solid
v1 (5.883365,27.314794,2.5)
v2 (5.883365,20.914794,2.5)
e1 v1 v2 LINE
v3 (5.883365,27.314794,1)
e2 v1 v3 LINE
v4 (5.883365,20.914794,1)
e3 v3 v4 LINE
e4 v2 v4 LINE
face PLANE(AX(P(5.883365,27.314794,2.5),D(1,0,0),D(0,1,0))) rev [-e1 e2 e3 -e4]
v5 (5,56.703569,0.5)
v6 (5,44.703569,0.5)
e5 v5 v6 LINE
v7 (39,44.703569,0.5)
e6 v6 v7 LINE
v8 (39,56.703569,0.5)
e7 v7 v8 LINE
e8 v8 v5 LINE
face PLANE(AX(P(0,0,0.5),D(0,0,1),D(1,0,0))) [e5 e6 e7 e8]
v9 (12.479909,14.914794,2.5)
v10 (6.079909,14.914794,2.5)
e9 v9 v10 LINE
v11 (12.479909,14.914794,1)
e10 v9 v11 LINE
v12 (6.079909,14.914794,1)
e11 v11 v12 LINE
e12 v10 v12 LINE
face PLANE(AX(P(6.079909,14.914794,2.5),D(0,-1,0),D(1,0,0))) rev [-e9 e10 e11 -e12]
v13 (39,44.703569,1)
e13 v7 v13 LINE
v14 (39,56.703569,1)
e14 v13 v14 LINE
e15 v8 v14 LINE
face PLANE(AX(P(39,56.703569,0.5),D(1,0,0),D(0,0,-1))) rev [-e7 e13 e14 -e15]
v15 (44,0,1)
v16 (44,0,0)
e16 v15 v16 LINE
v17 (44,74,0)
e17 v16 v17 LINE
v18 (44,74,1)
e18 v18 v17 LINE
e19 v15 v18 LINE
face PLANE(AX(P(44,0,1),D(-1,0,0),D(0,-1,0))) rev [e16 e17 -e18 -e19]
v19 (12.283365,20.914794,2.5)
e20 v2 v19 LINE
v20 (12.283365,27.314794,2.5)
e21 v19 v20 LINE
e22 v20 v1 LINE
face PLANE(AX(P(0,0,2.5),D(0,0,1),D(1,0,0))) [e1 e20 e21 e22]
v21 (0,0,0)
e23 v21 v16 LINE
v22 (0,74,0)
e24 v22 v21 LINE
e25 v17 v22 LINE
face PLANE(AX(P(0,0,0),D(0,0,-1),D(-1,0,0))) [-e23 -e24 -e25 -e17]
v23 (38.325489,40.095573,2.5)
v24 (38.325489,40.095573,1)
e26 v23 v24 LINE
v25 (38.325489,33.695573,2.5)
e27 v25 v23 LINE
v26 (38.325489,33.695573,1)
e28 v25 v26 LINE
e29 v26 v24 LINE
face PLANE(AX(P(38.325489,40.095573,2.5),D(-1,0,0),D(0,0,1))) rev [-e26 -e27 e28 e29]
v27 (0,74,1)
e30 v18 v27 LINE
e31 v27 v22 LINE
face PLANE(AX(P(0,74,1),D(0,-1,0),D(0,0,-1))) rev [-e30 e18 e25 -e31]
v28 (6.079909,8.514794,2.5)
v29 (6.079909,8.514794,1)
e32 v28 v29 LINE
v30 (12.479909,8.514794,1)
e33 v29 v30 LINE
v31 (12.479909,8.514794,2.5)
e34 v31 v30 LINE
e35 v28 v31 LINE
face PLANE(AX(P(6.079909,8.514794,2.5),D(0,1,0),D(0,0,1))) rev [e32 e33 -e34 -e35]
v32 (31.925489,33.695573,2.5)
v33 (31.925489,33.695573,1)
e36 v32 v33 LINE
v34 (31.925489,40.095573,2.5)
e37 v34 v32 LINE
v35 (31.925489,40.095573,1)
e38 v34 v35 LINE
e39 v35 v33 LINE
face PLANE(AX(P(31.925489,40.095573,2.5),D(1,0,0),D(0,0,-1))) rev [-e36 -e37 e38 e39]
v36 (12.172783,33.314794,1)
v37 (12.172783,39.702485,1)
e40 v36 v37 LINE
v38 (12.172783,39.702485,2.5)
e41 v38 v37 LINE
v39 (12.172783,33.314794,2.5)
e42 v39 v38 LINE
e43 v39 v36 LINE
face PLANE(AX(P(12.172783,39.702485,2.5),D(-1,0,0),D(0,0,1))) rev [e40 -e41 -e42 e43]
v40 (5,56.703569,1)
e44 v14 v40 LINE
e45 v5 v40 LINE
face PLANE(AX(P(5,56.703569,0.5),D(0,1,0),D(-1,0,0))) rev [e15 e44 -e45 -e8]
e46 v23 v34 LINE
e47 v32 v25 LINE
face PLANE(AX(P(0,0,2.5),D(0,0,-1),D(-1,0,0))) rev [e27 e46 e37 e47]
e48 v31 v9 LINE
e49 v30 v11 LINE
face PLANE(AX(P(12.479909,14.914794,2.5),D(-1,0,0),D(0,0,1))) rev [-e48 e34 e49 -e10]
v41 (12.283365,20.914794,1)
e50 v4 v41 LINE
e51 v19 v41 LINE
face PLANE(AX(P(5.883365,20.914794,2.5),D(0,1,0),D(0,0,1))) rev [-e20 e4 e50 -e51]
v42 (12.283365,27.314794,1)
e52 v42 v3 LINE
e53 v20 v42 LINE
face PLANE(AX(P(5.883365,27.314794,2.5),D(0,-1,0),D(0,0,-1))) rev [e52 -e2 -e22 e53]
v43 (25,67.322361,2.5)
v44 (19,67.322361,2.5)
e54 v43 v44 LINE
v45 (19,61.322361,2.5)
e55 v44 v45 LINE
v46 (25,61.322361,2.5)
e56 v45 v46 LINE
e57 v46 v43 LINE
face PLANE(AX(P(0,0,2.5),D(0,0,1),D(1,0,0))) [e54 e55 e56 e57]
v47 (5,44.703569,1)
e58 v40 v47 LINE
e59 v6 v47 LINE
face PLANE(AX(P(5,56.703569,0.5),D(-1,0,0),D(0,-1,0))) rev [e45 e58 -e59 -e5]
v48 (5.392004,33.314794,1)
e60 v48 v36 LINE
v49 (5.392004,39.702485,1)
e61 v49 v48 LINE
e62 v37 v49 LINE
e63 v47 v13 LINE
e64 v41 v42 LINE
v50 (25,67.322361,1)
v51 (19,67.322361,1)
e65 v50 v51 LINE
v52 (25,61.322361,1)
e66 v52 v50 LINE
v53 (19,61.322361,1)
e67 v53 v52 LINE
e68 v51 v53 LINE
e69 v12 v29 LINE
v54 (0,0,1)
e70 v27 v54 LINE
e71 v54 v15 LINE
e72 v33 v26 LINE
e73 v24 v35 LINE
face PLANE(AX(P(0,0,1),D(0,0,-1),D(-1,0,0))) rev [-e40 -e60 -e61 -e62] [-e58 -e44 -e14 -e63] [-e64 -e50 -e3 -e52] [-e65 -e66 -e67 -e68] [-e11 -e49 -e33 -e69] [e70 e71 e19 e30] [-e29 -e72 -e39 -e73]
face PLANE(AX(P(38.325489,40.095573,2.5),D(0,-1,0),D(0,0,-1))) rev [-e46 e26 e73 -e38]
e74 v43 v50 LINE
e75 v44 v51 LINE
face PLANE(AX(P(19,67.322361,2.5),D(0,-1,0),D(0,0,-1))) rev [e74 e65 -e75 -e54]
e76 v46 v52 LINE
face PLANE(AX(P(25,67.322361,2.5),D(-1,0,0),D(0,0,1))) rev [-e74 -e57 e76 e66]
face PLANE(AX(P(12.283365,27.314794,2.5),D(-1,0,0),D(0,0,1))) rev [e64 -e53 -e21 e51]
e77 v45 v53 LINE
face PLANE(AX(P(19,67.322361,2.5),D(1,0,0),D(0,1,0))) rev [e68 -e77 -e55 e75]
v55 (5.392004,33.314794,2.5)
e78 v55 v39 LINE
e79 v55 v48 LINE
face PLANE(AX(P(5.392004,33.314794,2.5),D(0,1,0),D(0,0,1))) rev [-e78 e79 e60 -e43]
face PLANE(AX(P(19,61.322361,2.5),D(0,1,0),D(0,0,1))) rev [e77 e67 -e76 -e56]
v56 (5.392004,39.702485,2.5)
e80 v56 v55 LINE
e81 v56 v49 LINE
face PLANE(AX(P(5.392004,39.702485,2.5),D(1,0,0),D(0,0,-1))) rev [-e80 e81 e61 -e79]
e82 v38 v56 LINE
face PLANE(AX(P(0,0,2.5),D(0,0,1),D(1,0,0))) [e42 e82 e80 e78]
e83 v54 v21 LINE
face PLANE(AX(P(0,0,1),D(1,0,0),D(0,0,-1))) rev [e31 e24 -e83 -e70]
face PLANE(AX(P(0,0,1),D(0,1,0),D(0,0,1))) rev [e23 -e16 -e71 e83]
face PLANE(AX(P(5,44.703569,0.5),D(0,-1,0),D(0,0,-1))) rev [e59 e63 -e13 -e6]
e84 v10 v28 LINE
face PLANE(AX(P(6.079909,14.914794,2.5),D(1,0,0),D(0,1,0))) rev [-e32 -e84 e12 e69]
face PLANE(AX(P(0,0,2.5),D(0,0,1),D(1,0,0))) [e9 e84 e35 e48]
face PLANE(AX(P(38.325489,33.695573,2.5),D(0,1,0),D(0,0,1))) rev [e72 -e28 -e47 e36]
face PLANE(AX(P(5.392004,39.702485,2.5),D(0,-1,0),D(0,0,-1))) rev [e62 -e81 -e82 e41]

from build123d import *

# Parameters (mm, degrees)
SKETCH1_W           = 44
SKETCH1_H           = 74
BOSS_EXTRUDE1_DEPTH = 1
SKETCH2_W           = 34
SKETCH2_H           = 12
CUT_EXTRUDE1_DEPTH  = 0.5
SKETCH3_W           = 6
SKETCH3_H           = 6
BOSS_EXTRUDE2_DEPTH = 1.5
SKETCH5_W           = 6.780779409
SKETCH5_H           = 6.387690747
BOSS_EXTRUDE5_DEPTH = 1.5
SKETCH7_W           = 6.4
SKETCH7_H           = 6.4
BOSS_EXTRUDE6_DEPTH = 1.5
SKETCH8_W           = 6.4
SKETCH8_H           = 6.4
BOSS_EXTRUDE7_DEPTH = 1.5
SKETCH9_W           = 6.4
SKETCH9_H           = 6.4
BOSS_EXTRUDE8_DEPTH = 1.5


with BuildPart() as part:
    # Sketch1 → Boss-Extrude1 (new body)
    with BuildSketch(Plane.XY):
        with Locations((22, 37)):
            Rectangle(SKETCH1_W, SKETCH1_H)
    extrude(amount=BOSS_EXTRUDE1_DEPTH)

    # Sketch2 → Cut-Extrude1 (cut)
    with BuildSketch(Plane.XY.offset(1)):
        with Locations((22, 50.703569151)):
            Rectangle(SKETCH2_W, SKETCH2_H)
    extrude(amount=-CUT_EXTRUDE1_DEPTH, mode=Mode.SUBTRACT)

    # Sketch3 → Boss-Extrude2 (add)
    with BuildSketch(Plane.XY.offset(1)):
        with Locations((22, 64.322360922)):
            Rectangle(SKETCH3_W, SKETCH3_H)
    extrude(amount=BOSS_EXTRUDE2_DEPTH)

    # Sketch5 → Boss-Extrude5 (add)
    with BuildSketch(Plane.XY.offset(1)):
        with Locations((8.782393761, 36.508639174)):
            Rectangle(SKETCH5_W, SKETCH5_H)
    extrude(amount=BOSS_EXTRUDE5_DEPTH)

    # Sketch7 → Boss-Extrude6 (add)
    with BuildSketch(Plane.XY.offset(1)):
        with Locations((9.083364884, 24.1147938)):
            Rectangle(SKETCH7_W, SKETCH7_H)
    extrude(amount=BOSS_EXTRUDE6_DEPTH)

    # Sketch8 → Boss-Extrude7 (add)
    with BuildSketch(Plane.XY.offset(1)):
        with Locations((9.279909214, 11.7147938)):
            Rectangle(SKETCH8_W, SKETCH8_H)
    extrude(amount=BOSS_EXTRUDE7_DEPTH)

    # Sketch9 → Boss-Extrude8 (add)
    with BuildSketch(Plane.XY.offset(1)):
        with Locations((35.1254887, 36.895573208)):
            Rectangle(SKETCH9_W, SKETCH9_H)
    extrude(amount=BOSS_EXTRUDE8_DEPTH)


solid = part.part
